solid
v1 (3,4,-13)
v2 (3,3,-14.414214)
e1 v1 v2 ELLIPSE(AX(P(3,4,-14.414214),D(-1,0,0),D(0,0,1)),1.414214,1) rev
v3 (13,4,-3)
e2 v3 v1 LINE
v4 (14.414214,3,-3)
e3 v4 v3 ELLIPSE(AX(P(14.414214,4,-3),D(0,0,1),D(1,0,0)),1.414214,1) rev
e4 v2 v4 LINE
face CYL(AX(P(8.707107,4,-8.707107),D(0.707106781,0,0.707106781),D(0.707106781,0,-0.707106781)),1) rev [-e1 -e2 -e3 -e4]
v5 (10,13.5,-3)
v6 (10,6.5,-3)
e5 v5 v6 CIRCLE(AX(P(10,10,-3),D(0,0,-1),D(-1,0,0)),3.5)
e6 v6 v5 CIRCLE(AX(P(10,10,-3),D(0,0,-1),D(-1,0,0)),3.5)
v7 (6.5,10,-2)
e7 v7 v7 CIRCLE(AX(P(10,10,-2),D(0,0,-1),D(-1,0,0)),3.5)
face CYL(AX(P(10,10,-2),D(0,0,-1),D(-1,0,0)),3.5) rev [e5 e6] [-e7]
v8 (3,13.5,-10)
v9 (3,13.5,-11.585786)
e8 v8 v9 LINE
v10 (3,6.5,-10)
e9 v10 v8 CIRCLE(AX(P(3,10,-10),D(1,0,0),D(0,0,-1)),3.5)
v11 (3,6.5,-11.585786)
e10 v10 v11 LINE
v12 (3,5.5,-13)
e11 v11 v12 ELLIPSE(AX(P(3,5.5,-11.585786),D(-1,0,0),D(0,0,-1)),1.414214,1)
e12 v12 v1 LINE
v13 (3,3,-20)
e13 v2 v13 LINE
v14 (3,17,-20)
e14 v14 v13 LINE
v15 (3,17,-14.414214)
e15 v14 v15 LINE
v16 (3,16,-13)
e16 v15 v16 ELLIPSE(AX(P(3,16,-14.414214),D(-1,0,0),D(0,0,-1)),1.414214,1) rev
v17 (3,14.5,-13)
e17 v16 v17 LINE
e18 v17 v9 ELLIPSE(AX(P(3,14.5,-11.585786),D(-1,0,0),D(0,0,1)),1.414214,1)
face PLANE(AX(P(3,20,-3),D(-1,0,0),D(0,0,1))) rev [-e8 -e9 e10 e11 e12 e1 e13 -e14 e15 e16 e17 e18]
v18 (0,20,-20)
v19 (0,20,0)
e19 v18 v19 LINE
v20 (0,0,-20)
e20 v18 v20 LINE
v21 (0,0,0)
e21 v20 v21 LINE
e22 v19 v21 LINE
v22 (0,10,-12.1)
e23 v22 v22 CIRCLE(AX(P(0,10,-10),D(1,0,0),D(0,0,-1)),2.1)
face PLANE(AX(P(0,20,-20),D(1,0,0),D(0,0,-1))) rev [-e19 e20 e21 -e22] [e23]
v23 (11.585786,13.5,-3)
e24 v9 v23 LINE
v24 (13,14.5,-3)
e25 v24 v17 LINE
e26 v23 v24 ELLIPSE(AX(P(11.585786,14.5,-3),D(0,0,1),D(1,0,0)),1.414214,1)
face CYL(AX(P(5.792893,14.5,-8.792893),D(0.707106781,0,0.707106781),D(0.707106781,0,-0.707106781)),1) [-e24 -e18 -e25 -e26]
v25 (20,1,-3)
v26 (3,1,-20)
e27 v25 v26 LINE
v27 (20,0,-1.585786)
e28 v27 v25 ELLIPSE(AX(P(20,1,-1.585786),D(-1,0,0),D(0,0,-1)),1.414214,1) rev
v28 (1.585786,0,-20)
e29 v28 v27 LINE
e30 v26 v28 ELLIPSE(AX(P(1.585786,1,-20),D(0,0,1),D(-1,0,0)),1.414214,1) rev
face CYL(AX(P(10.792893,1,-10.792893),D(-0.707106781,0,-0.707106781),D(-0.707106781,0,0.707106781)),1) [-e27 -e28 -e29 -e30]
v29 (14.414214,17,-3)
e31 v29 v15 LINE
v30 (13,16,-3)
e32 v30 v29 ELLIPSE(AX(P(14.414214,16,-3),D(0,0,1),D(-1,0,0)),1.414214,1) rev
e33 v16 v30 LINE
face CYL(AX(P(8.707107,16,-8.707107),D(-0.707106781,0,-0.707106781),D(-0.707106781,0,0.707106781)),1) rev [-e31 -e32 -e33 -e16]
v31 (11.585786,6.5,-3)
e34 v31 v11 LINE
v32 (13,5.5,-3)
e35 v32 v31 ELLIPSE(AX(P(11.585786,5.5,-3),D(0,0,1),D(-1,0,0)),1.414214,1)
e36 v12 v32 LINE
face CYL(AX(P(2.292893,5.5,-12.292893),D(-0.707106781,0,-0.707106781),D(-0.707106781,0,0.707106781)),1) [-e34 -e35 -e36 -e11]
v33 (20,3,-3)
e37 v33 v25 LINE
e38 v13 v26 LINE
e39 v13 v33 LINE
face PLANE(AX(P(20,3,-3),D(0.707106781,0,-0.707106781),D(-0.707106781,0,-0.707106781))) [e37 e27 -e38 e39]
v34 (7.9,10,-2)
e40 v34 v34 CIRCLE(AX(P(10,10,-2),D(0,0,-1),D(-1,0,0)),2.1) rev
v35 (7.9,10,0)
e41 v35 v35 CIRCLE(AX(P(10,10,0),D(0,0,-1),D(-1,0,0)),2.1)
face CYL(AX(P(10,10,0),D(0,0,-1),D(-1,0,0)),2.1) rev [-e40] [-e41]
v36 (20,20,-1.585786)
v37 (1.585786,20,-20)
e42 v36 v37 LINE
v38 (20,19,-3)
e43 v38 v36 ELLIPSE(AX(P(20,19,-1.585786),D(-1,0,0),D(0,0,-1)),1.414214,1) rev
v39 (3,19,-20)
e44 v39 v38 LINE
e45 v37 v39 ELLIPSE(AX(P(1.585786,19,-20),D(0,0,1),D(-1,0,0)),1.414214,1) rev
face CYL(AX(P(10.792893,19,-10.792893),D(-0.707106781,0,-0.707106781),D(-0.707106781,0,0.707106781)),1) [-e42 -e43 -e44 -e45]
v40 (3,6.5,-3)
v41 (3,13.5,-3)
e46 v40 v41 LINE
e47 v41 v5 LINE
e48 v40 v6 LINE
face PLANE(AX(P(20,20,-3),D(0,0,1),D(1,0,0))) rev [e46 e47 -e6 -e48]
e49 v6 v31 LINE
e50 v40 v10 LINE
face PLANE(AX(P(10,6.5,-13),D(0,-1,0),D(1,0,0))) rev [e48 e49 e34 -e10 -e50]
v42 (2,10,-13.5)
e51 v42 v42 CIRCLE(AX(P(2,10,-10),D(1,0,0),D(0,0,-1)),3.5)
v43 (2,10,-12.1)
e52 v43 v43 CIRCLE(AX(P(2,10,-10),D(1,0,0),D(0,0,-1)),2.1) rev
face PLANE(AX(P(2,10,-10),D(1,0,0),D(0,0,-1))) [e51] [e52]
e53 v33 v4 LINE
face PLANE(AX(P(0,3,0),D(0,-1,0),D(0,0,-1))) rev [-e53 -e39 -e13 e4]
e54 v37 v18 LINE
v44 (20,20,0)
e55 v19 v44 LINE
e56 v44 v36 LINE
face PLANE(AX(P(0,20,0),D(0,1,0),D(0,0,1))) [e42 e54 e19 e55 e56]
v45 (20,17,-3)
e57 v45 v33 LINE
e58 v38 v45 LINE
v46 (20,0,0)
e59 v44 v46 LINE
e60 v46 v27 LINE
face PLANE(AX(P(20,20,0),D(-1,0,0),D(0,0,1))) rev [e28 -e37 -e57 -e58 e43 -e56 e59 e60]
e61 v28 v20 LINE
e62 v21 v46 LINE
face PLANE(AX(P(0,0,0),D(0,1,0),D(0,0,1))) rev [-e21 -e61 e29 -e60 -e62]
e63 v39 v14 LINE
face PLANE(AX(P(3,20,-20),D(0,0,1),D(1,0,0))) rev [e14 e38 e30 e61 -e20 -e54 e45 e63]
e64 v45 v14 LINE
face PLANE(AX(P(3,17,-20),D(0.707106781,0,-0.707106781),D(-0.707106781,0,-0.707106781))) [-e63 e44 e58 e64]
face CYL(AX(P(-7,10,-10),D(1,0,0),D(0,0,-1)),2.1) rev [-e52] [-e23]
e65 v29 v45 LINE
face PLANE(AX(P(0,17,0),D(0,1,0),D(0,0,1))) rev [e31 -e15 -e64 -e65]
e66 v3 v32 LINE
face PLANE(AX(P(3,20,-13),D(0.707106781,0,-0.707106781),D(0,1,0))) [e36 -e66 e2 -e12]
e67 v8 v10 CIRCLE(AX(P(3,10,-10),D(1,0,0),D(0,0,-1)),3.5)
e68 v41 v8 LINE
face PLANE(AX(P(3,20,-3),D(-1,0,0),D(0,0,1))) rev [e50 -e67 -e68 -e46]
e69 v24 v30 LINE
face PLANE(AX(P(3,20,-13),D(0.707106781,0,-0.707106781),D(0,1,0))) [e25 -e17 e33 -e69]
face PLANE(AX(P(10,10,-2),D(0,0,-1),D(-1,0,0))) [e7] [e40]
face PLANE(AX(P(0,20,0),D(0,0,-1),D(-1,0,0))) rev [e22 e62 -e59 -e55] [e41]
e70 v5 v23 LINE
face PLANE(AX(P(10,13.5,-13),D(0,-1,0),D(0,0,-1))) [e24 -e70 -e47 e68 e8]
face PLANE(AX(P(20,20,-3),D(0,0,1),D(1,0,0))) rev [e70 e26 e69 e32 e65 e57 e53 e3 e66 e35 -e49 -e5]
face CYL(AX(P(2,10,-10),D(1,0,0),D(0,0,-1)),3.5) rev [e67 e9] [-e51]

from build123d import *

# Parameters (mm, degrees)
EXTRUDE_1_DEPTH     = 20
EXTRUDE_2_DEPTH     = 3
EXTRUDE_3_DEPTH     = 3
CHAMFER_1_SIZE      = 10
SKETCH_4_R          = 2.1
CUT_EXTRUDE_1_DEPTH = 3
CUT_EXTRUDE_2_DEPTH = 10
FILLET_1_R          = 1
SKETCH_6_R          = 2.1
CUT_EXTRUDE_3_DEPTH = 10
SKETCH_7_R          = 3.5
CUT_EXTRUDE_4_DEPTH = 10
SKETCH_8_W          = 10
SKETCH_8_H          = 10
CUT_EXTRUDE_5_DEPTH = 7
FILLET_2_R          = 1
SKETCH_9_R          = 3.5
CUT_EXTRUDE_6_DEPTH = 1
SKETCH_10_R         = 3.5
CUT_EXTRUDE_7_DEPTH = 1


with BuildPart() as part:
    # 草图1 → 凸台-拉伸1 (new body)
    with BuildSketch(Plane(origin=(0, 0, 0), x_dir=(1, 0, 0), z_dir=(0, 1, 0))):
        Polygon((0, 20), (0, 0), (20, 0), (20, 3), (3, 3), (3, 20), align=None)
    extrude(amount=EXTRUDE_1_DEPTH)

    # 草图2 → 凸台-拉伸2 (add)
    with BuildSketch(Plane(origin=(0, 20, 0), x_dir=(1, 0, 0), z_dir=(0, 1, 0))):
        Polygon((3, 20), (20, 3), (3, 3), align=None)
    extrude(amount=-EXTRUDE_2_DEPTH)

    # 草图3 → 凸台-拉伸3 (add)
    with BuildSketch(Plane.XZ):
        Polygon((20, -3), (3, -20), (3, -3), align=None)
    extrude(amount=-EXTRUDE_3_DEPTH)

    # 倒角1
    chamfer_1_edges = [part.edges().sort_by_distance(p)[0] for p in [
        (3, 10, -3),
    ]]
    chamfer(chamfer_1_edges, length=CHAMFER_1_SIZE)

    # 草图4 → 切除-拉伸1 (cut)
    with BuildSketch(Plane(origin=(0, 0, -3), x_dir=(-1, 0, 0), z_dir=(0, 0, -1))):
        with Locations((-10, 10)):
            Circle(SKETCH_4_R)
    extrude(amount=-CUT_EXTRUDE_1_DEPTH, mode=Mode.SUBTRACT)

    # 草图5 → 切除-拉伸2 (cut)
    with BuildSketch(Plane(origin=(0, 0, -3), x_dir=(-1, 0, 0), z_dir=(0, 0, -1))):
        with BuildLine():
            Line((-10, 13.5), (-13, 13.5))
            Line((-13, 13.5), (-13, 6.5))
            Line((-13, 6.5), (-10, 6.5))
            ThreePointArc((-10, 6.5), (-6.5, 10), (-10, 13.5))
        make_face()
    extrude(amount=CUT_EXTRUDE_2_DEPTH, mode=Mode.SUBTRACT)

    # 圆角1
    fillet_1_edges = [part.edges().sort_by_distance(p)[0] for p in [
        (11.5, 20, -11.5),
        (11.5, 0, -11.5),
    ]]
    fillet(fillet_1_edges, radius=FILLET_1_R)

    # 草图6 → 切除-拉伸3 (cut)
    with BuildSketch(Plane(origin=(3, 0, 0), x_dir=(0, 0, -1), z_dir=(1, 0, 0))):
        with Locations((10, 10)):
            Circle(SKETCH_6_R)
    extrude(amount=-CUT_EXTRUDE_3_DEPTH, mode=Mode.SUBTRACT)

    # 草图7 → 切除-拉伸4 (cut)
    with BuildSketch(Plane.ZY.offset(-3)):
        with Locations((-10, 10)):
            Circle(SKETCH_7_R)
    extrude(amount=-CUT_EXTRUDE_4_DEPTH, mode=Mode.SUBTRACT)

    # 草图8 → 切除-拉伸5 (cut)
    with BuildSketch(Plane.XZ.offset(-13.5)):
        with Locations((8, -8)):
            Rectangle(SKETCH_8_W, SKETCH_8_H)
    extrude(amount=CUT_EXTRUDE_5_DEPTH, mode=Mode.SUBTRACT)

    # 圆角2
    fillet_2_edges = [part.edges().sort_by_distance(p)[0] for p in [
        (8, 3, -8),
        (8, 17, -8),
        (8, 13.5, -8),
        (8, 6.5, -8),
    ]]
    fillet(fillet_2_edges, radius=FILLET_2_R)

    # 草图9 → 切除-拉伸6 (cut)
    with BuildSketch(Plane(origin=(0, 0, -3), x_dir=(-1, 0, 0), z_dir=(0, 0, -1))):
        with Locations((-10, 10)):
            Circle(SKETCH_9_R)
    extrude(amount=-CUT_EXTRUDE_6_DEPTH, mode=Mode.SUBTRACT)

    # 草图10 → 切除-拉伸7 (cut)
    with BuildSketch(Plane(origin=(3, 0, 0), x_dir=(0, 0, -1), z_dir=(1, 0, 0))):
        with Locations((10, 10)):
            Circle(SKETCH_10_R)
    extrude(amount=-CUT_EXTRUDE_7_DEPTH, mode=Mode.SUBTRACT)


solid = part.part
